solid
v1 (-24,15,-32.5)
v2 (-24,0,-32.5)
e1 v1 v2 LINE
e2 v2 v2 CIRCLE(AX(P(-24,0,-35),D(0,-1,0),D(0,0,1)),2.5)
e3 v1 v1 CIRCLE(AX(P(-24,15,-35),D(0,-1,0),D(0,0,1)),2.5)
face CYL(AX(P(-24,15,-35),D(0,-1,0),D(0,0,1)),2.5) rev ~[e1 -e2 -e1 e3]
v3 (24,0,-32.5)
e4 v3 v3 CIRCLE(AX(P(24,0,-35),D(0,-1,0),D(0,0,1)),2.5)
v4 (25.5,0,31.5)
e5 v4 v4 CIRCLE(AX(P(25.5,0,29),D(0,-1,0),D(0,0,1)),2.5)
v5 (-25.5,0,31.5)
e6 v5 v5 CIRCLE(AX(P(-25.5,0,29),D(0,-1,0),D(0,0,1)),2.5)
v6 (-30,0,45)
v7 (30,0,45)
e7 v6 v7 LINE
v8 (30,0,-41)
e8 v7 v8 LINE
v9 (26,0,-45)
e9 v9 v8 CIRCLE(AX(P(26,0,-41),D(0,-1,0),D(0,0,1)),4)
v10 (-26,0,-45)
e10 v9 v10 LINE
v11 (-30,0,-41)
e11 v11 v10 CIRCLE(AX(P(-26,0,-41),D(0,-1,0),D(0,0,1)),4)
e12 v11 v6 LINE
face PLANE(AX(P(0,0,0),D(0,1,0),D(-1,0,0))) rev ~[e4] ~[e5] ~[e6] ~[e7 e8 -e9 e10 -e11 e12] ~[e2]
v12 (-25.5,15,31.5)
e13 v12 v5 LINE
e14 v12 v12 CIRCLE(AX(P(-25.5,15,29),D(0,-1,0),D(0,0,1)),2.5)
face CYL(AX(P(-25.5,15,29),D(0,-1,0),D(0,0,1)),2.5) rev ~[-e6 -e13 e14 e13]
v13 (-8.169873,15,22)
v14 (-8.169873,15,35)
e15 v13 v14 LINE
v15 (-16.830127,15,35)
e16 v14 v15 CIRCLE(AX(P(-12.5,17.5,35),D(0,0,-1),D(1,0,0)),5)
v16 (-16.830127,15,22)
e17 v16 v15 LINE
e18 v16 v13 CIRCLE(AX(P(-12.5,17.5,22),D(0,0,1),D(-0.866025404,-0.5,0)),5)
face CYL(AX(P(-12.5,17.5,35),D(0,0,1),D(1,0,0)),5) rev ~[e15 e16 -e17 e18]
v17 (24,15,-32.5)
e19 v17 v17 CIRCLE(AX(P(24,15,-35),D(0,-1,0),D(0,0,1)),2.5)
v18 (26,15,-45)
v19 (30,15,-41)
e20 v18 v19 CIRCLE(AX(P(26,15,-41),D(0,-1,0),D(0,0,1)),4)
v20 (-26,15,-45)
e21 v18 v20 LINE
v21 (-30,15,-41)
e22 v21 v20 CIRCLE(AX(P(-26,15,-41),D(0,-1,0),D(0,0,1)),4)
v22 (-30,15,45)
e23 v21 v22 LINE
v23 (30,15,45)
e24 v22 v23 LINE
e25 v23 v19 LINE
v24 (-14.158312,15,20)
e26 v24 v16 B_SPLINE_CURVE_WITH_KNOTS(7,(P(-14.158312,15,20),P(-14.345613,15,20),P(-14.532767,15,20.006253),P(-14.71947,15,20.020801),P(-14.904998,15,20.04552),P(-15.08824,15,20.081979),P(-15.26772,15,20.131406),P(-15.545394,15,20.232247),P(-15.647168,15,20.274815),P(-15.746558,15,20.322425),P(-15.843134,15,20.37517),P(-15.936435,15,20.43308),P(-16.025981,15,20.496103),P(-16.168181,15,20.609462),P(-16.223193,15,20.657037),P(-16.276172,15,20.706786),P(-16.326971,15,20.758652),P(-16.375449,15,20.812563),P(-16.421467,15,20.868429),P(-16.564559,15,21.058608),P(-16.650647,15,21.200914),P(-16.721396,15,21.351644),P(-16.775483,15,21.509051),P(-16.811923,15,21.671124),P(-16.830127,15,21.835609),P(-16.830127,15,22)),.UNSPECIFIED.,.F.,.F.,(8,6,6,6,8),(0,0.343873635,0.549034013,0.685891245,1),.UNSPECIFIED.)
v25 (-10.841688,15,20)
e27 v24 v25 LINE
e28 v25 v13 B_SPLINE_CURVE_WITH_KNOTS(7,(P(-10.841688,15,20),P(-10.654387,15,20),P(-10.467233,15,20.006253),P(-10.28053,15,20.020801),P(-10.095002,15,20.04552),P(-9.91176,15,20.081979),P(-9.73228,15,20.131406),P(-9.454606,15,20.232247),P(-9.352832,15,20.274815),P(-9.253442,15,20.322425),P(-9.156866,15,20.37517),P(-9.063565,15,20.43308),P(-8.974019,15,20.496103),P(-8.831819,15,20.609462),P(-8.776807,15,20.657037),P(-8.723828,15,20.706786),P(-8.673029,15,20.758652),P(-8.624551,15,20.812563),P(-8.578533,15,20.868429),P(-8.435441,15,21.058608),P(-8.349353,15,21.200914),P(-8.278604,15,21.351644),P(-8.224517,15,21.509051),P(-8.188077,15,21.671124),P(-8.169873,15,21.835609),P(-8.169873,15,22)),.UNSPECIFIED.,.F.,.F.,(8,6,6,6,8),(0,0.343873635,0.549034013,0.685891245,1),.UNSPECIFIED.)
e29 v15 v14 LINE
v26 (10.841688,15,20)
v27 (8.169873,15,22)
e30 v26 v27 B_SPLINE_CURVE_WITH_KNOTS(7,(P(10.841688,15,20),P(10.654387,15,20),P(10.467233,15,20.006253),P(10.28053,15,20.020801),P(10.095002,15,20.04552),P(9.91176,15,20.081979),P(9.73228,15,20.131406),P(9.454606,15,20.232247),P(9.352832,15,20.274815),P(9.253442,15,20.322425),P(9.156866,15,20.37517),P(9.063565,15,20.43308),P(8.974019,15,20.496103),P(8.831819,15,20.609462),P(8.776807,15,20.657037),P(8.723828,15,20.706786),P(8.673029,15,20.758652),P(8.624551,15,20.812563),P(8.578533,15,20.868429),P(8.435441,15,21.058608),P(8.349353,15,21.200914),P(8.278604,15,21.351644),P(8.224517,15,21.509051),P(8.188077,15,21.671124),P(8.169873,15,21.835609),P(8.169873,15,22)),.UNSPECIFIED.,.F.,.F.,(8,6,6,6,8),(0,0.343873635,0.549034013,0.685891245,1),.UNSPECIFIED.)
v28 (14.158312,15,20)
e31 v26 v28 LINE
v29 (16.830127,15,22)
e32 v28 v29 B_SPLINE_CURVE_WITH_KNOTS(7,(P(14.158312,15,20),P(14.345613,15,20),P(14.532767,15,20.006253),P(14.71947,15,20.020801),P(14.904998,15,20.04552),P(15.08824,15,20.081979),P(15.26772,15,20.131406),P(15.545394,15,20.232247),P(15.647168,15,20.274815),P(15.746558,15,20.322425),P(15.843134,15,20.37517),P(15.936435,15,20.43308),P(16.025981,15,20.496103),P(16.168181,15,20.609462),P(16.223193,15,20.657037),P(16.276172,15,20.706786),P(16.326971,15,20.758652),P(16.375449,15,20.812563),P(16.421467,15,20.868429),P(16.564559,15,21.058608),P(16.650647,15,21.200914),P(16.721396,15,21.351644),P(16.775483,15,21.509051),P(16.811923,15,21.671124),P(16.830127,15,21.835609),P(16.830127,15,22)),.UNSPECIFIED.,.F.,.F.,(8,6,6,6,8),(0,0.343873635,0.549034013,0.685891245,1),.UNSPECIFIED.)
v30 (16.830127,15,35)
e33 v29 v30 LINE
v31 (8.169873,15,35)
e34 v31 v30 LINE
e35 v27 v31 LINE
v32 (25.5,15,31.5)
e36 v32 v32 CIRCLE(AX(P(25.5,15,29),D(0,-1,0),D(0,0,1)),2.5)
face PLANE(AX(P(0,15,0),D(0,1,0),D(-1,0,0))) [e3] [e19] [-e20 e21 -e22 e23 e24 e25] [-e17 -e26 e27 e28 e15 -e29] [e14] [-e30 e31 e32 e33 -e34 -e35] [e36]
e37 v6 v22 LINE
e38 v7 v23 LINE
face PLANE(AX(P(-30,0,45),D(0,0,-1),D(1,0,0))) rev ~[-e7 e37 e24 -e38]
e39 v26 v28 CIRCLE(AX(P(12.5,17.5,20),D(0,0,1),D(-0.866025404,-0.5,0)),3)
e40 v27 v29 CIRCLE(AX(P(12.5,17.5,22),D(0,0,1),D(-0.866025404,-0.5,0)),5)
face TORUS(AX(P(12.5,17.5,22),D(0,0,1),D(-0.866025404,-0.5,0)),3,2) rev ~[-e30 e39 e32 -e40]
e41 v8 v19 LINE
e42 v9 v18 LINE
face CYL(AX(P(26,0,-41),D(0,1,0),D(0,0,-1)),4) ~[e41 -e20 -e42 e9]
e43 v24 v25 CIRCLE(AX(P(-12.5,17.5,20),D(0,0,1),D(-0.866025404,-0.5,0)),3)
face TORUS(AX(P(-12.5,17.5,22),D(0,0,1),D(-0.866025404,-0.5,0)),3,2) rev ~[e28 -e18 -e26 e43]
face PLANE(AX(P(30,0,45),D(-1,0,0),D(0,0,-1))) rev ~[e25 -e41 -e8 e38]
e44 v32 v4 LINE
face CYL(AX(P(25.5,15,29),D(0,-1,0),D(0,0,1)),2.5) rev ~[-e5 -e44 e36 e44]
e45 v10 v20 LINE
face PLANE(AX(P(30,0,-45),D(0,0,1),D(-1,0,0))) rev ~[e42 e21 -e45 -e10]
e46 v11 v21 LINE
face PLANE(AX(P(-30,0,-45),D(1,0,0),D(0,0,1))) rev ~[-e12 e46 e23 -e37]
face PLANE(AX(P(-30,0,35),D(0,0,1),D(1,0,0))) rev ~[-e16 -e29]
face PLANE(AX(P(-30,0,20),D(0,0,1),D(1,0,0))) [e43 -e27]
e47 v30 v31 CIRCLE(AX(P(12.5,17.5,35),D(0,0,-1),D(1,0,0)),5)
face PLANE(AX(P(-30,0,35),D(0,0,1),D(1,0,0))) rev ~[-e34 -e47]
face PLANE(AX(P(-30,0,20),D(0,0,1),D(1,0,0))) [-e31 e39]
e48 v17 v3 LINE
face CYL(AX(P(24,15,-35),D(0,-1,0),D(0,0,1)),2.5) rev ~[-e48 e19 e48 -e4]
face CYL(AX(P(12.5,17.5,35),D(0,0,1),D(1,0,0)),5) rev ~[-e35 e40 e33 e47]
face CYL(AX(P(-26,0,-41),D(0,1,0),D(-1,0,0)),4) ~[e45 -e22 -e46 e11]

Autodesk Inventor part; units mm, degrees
ref_plane "YZ Plane" through (0, 0, 0) normal (1, 0, 0) x (0, 1, 0)
ref_plane "XZ Plane" through (0, 0, 0) normal (0, 1, 0) x (-1, 0, 0)
ref_plane "XY Plane" through (0, 0, 0) normal (0, 0, 1) x (1, 0, 0)
sketch "Sketch1" plane through (0, 0, 0) normal (0, 1, 0) x (-1, 0, 0)
  line L0 (30, 45) -> (-30, 45)
  line L1 (-30, 45) -> (-30, -45)
  line L2 (-30, -45) -> (30, -45)
  line L3 (30, -45) -> (30, 45)
  line L4 (30, 45) -> (-30, -45) construction
  line L5 (-30, 45) -> (30, -45) construction
  point P0 (0, 0)
  dimension "d0" = 60
  dimension "d1" = 90
extrude "Extrusion1" add sketch "Sketch1" along normal blind 15
sketch "Sketch2" plane through (0, 15, 0) normal (0, 1, 0) x (1, 0, 0)
  line L0 (-30, 45) -> (-30, -45) projected
  line L1 (-30, 45) -> (-20, 45)
  line L2 (-20, 45) -> (-20, 39)
  line L3 (-20, 39) -> (-30, 39)
  line L4 (-30, 39) -> (-30, 45)
  line L5 (30, -45) -> (30, 45) projected
  line L6 (30, 45) -> (20, 45)
  line L7 (20, 45) -> (20, 39)
  line L8 (20, 39) -> (30, 39)
  line L9 (30, 39) -> (30, 45)
  line L10 (30, -45) -> (25.5, -45)
  line L11 (25.5, -45) -> (25.5, -29)
  line L12 (25.5, -29) -> (30, -29)
  line L13 (30, -29) -> (30, -45)
  line L14 (-30, -45) -> (-25, -45)
  line L15 (-25, -45) -> (-25, -29)
  line L16 (-25, -29) -> (-30, -29)
  line L17 (-30, -29) -> (-30, -45)
  line L18 (30, 45) -> (-30, 45) projected
  line L19 (-30, 45) -> (-24, 45)
  line L20 (-24, 45) -> (-24, 35)
  line L21 (-24, 35) -> (-30, 35)
  line L22 (-30, 35) -> (-30, 45)
  line L23 (30, 45) -> (24, 45)
  line L24 (24, 45) -> (24, 35)
  line L25 (24, 35) -> (30, 35)
  line L26 (30, 35) -> (30, 45)
  line L27 (-30, -45) -> (30, -45) projected
  line L28 (-30, -45) -> (-25.5, -45)
  line L29 (-25.5, -45) -> (-25.5, -29)
  line L30 (-25.5, -29) -> (-30, -29)
  line L31 (-30, -29) -> (-30, -45)
  point P0 (0, 0)
  dimension "d4" = 10
  dimension "d5" = 6
  dimension "d6" = 10
  dimension "d7" = 4.5
  dimension "d8" = 16
  dimension "d17" = 6
  dimension "d18" = 10
  dimension "d19" = 6
  dimension "d20" = 10
  dimension "d21" = 4.5
fillet "Fillet1" radius 4 2 edges at (30, 7.5, -45) (-30, 7.5, -45)
hole "Hole2" at (-24, 15, -35) at (24, 15, -35) at (25.5, 15, 29) at (-25.5, 15, 29) direction (0, -1, 0) diameter 5 end through all
ref_plane "Work Plane2" through (-30, 0, 35) normal (0, 0, 1) x (1, 0, 0)
sketch "Sketch3" plane through (-30, 0, 35) normal (0, 0, 1) x (1, 0, 0)
  line L0 (0, 15) -> (17.5, 15)
  line L1 (2, 15) -> (7, 15) projected
  line L2 (17.5, 15) -> (17.5, 17.5)
  line L3 (17.5, 17.5) -> (42.5, 17.5)
  circle A0 centre (42.5, 17.5) radius 5
  circle A1 centre (17.5, 17.5) radius 5
  point P0 (30, 0)
  dimension "d31" = 17.5
  dimension "d32" = 2.5
  dimension "d33" = 25
  dimension "d34" = 10
  dimension "d35" = 10
extrude "Extrusion2" cut sketch "Sketch3" against normal blind 15
fillet "Fillet2" radius 2 2 edges at (-12.5, 12.5, 20) (12.5, 12.5, 20)
properties part number "Adaptador_soporte_motor-rueda"
